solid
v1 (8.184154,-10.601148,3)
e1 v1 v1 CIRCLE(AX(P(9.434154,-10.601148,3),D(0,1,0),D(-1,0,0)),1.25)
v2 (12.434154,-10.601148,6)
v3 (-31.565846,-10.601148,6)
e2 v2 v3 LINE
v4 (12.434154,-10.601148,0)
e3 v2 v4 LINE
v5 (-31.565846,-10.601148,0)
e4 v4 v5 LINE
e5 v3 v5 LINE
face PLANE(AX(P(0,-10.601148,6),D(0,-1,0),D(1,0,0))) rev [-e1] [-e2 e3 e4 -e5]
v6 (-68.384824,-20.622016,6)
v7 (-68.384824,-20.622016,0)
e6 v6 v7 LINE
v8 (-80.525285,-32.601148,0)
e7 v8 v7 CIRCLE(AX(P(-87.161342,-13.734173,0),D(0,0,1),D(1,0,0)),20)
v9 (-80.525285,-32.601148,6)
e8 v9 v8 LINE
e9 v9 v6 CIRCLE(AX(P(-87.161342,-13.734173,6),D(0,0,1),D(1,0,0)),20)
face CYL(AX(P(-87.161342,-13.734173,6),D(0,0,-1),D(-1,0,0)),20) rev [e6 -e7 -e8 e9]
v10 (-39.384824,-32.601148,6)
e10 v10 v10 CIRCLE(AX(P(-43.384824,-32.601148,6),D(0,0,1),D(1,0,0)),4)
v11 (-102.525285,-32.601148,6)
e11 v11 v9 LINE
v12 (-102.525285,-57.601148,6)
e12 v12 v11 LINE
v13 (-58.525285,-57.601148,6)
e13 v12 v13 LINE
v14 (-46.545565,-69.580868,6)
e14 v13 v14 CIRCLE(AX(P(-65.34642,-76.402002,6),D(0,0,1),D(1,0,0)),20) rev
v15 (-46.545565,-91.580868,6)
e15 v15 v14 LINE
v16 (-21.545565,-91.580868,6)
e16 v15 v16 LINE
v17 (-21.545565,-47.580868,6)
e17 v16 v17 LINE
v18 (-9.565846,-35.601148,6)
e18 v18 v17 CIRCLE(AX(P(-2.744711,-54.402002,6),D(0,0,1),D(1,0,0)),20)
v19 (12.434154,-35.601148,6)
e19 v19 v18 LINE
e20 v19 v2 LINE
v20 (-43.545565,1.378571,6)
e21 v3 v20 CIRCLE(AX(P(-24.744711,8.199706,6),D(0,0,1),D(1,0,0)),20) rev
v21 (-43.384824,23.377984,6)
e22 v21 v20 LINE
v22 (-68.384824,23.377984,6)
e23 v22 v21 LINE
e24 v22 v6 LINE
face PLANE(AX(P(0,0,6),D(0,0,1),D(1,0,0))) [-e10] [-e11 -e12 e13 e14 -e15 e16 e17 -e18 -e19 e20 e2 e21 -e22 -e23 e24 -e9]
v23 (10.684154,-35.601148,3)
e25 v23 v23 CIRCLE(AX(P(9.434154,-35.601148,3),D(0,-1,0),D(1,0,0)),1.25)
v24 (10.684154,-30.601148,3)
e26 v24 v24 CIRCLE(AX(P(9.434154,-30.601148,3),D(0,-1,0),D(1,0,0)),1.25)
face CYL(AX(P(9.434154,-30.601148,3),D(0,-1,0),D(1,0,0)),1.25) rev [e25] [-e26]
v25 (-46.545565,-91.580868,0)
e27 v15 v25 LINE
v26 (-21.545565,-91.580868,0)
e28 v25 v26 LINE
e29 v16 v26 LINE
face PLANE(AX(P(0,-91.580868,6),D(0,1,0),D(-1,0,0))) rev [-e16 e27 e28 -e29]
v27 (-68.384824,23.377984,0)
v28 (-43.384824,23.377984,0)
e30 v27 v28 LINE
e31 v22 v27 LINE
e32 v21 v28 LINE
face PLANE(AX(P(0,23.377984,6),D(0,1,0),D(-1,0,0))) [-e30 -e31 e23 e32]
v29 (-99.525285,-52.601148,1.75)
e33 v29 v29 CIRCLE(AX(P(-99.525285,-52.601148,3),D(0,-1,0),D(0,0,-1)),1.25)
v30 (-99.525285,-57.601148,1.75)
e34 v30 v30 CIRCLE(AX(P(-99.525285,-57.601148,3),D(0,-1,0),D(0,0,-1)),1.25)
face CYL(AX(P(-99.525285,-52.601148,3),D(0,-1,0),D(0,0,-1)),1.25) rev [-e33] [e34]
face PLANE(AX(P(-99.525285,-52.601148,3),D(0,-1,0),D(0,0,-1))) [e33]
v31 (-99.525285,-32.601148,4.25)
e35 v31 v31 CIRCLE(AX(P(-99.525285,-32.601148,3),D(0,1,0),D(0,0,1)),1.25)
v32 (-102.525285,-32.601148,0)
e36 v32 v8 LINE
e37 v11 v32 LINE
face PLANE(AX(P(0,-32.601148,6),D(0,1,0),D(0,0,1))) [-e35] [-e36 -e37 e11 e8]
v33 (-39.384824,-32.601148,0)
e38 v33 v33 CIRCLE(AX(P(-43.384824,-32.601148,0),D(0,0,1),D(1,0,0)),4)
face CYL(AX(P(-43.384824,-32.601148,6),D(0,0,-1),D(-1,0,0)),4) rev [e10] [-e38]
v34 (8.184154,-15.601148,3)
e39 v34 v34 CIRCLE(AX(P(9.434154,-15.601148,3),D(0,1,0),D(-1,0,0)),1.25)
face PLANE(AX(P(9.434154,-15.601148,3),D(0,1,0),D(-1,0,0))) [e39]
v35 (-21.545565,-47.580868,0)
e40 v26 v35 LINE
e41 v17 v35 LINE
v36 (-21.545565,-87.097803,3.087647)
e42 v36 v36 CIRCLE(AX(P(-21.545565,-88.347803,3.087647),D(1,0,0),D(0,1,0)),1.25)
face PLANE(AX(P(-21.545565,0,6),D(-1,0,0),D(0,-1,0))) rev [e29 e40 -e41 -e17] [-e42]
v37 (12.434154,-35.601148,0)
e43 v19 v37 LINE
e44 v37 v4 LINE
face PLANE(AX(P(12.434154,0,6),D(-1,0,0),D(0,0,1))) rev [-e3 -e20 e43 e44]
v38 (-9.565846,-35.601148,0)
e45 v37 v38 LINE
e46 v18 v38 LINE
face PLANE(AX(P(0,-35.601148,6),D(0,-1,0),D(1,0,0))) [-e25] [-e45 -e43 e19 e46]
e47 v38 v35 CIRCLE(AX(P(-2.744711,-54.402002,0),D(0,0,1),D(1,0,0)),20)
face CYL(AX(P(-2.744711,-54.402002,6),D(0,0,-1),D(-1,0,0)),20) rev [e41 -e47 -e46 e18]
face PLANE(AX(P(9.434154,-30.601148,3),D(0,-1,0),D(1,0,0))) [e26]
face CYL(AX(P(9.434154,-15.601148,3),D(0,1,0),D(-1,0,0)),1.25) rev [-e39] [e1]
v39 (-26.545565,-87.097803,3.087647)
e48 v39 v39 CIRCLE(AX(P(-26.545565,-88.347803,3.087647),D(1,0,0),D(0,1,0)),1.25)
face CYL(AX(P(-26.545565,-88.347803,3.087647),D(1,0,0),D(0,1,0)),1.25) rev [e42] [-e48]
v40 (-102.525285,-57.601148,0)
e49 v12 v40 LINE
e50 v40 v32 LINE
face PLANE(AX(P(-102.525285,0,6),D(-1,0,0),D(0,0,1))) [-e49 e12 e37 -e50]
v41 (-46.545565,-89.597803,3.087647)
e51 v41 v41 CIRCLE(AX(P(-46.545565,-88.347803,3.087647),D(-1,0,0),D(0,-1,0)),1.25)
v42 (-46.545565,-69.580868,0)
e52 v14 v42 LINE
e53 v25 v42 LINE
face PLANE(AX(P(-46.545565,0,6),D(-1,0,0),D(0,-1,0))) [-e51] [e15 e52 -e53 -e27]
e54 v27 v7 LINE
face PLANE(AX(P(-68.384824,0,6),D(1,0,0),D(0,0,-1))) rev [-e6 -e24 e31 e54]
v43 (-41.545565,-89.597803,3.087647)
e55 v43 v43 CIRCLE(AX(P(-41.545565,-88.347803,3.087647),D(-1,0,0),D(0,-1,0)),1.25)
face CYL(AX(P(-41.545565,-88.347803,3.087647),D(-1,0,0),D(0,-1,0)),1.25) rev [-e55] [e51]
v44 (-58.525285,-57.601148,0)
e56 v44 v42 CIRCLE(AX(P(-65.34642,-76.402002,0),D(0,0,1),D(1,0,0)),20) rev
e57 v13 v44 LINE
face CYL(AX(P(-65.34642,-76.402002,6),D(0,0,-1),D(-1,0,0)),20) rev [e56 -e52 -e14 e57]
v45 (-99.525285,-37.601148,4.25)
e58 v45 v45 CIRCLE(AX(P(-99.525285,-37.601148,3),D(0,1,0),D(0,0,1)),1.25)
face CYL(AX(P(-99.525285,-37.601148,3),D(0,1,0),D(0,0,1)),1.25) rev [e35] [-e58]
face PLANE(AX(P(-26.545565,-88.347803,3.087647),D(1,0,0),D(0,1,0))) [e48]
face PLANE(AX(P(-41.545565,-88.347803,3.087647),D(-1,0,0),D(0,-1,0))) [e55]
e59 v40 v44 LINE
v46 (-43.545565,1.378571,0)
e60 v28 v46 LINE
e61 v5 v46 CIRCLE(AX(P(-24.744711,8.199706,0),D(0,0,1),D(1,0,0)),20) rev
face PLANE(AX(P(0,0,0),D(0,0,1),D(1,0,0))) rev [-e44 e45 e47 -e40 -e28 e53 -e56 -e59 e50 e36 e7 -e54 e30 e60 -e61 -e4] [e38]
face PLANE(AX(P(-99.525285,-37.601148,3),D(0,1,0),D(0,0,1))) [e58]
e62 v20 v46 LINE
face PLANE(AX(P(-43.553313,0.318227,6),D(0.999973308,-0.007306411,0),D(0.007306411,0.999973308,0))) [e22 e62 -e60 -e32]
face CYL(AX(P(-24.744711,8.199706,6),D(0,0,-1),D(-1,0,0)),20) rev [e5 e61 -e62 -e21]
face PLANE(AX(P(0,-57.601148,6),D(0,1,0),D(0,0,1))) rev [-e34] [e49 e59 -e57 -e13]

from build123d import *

# Parameters (mm, degrees)
SKETCH_2_R          = 4
EXTRUDE_1_DEPTH     = 6
SKETCH_3_R          = 1.25
CUT_EXTRUDE_1_DEPTH = 5
CUT_EXTRUDE_START   = -5
SKETCH_4_R          = 1.25
CUT_EXTRUDE_2_DEPTH = 5
SKETCH_5_R          = 1.25
CUT_EXTRUDE_3_DEPTH = 5
SKETCH_6_R          = 1.25
CUT_EXTRUDE_4_DEPTH = 5
SKETCH_8_R          = 1.25
CUT_EXTRUDE_5_DEPTH = 5
SKETCH_9_R          = 1.25
CUT_EXTRUDE_6_DEPTH = 5


with BuildPart() as part:
    # 스케치2 → 보스-돌출1 (new body)
    with BuildSketch(Plane.XY):
        with BuildLine():
            Line((-102.525284978, -57.601148056), (-102.525284978, -32.601148056))
            Line((-102.525284978, -32.601148056), (-80.525284978, -32.601148056))
            ThreePointArc((-80.525284978, -32.601148056), (-73.11411316, -27.970582536), (-68.384824454, -20.622015799))
            Line((-68.384824454, -20.622015799), (-68.384824454, 23.377984201))
            Line((-68.384824454, 23.377984201), (-43.384824454, 23.377984201))
            Line((-43.384824454, 23.377984201), (-43.545565494, 1.378571429))
            ThreePointArc((-43.545565494, 1.378571429), (-38.886846868, -5.94242943), (-31.565846009, -10.601148056))
            Line((-31.565846009, -10.601148056), (12.434153991, -10.601148056))
            Line((12.434153991, -10.601148056), (12.434153991, -35.601148056))
            Line((12.434153991, -35.601148056), (-9.565846009, -35.601148056))
            ThreePointArc((-9.565846009, -35.601148056), (-16.886846868, -40.259866682), (-21.545565494, -47.580867541))
            Line((-21.545565494, -47.580867541), (-21.545565494, -91.580867541))
            Line((-21.545565494, -91.580867541), (-46.545565494, -91.580867541))
            Line((-46.545565494, -91.580867541), (-46.545565494, -69.580867541))
            ThreePointArc((-46.545565494, -69.580867541), (-51.20428412, -62.259866682), (-58.525284978, -57.601148056))
            Line((-58.525284978, -57.601148056), (-102.525284978, -57.601148056))
        make_face()
        with Locations((-43.384824454, -32.601148056)):
            Circle(SKETCH_2_R, mode=Mode.SUBTRACT)
    extrude(amount=EXTRUDE_1_DEPTH)

    # 스케치3 → 컷-돌출1 (cut)
    with BuildSketch(Plane(origin=(0, -57.601148056, 0), x_dir=(-1, 0, 0), z_dir=(0, -1, 0))):
        with Locations(Location((99.525284978, -3, 0), (0, 0, 90))):
            Circle(SKETCH_3_R)
    extrude(amount=-CUT_EXTRUDE_1_DEPTH, mode=Mode.SUBTRACT)

    # 스케치4 → 컷-돌출2 (cut)
    with BuildSketch(Plane(origin=(0, -32.601148056, 0), x_dir=(1, 0, 0), z_dir=(0, 1, 0)).offset(CUT_EXTRUDE_START)):
        with Locations(Location((-99.525284978, -3, 0), (0, 0, 90))):
            Circle(SKETCH_4_R)
    extrude(amount=CUT_EXTRUDE_2_DEPTH, mode=Mode.SUBTRACT)

    # 스케치5 → 컷-돌출3 (cut)
    with BuildSketch(Plane(origin=(-21.545565494, 0, 0), x_dir=(0, 0, -1), z_dir=(1, 0, 0))):
        with Locations(Location((-3.087647422, -88.347802665, 0), (0, 0, 90))):
            Circle(SKETCH_5_R)
    extrude(amount=-CUT_EXTRUDE_3_DEPTH, mode=Mode.SUBTRACT)

    # 스케치6 → 컷-돌출4 (cut)
    with BuildSketch(Plane.ZY.offset(46.545565494).offset(CUT_EXTRUDE_START)):
        with Locations(Location((3.087647422, -88.347802665, 0), (0, 0, 90))):
            Circle(SKETCH_6_R)
    extrude(amount=CUT_EXTRUDE_4_DEPTH, mode=Mode.SUBTRACT)

    # 스케치8 → 컷-돌출5 (cut)
    with BuildSketch(Plane(origin=(0, -10.601148056, 0), x_dir=(1, 0, 0), z_dir=(0, 1, 0))):
        with Locations(Location((9.434153991, -3, 0), (0, 0, 180))):
            Circle(SKETCH_8_R)
    extrude(amount=-CUT_EXTRUDE_5_DEPTH, mode=Mode.SUBTRACT)

    # 스케치9 → 컷-돌출6 (cut)
    with BuildSketch(Plane(origin=(0, -35.601148056, 0), x_dir=(-1, 0, 0), z_dir=(0, -1, 0)).offset(CUT_EXTRUDE_START)):
        with Locations((-9.434153991, -3)):
            Circle(SKETCH_9_R)
    extrude(amount=CUT_EXTRUDE_6_DEPTH, mode=Mode.SUBTRACT)


solid = part.part
